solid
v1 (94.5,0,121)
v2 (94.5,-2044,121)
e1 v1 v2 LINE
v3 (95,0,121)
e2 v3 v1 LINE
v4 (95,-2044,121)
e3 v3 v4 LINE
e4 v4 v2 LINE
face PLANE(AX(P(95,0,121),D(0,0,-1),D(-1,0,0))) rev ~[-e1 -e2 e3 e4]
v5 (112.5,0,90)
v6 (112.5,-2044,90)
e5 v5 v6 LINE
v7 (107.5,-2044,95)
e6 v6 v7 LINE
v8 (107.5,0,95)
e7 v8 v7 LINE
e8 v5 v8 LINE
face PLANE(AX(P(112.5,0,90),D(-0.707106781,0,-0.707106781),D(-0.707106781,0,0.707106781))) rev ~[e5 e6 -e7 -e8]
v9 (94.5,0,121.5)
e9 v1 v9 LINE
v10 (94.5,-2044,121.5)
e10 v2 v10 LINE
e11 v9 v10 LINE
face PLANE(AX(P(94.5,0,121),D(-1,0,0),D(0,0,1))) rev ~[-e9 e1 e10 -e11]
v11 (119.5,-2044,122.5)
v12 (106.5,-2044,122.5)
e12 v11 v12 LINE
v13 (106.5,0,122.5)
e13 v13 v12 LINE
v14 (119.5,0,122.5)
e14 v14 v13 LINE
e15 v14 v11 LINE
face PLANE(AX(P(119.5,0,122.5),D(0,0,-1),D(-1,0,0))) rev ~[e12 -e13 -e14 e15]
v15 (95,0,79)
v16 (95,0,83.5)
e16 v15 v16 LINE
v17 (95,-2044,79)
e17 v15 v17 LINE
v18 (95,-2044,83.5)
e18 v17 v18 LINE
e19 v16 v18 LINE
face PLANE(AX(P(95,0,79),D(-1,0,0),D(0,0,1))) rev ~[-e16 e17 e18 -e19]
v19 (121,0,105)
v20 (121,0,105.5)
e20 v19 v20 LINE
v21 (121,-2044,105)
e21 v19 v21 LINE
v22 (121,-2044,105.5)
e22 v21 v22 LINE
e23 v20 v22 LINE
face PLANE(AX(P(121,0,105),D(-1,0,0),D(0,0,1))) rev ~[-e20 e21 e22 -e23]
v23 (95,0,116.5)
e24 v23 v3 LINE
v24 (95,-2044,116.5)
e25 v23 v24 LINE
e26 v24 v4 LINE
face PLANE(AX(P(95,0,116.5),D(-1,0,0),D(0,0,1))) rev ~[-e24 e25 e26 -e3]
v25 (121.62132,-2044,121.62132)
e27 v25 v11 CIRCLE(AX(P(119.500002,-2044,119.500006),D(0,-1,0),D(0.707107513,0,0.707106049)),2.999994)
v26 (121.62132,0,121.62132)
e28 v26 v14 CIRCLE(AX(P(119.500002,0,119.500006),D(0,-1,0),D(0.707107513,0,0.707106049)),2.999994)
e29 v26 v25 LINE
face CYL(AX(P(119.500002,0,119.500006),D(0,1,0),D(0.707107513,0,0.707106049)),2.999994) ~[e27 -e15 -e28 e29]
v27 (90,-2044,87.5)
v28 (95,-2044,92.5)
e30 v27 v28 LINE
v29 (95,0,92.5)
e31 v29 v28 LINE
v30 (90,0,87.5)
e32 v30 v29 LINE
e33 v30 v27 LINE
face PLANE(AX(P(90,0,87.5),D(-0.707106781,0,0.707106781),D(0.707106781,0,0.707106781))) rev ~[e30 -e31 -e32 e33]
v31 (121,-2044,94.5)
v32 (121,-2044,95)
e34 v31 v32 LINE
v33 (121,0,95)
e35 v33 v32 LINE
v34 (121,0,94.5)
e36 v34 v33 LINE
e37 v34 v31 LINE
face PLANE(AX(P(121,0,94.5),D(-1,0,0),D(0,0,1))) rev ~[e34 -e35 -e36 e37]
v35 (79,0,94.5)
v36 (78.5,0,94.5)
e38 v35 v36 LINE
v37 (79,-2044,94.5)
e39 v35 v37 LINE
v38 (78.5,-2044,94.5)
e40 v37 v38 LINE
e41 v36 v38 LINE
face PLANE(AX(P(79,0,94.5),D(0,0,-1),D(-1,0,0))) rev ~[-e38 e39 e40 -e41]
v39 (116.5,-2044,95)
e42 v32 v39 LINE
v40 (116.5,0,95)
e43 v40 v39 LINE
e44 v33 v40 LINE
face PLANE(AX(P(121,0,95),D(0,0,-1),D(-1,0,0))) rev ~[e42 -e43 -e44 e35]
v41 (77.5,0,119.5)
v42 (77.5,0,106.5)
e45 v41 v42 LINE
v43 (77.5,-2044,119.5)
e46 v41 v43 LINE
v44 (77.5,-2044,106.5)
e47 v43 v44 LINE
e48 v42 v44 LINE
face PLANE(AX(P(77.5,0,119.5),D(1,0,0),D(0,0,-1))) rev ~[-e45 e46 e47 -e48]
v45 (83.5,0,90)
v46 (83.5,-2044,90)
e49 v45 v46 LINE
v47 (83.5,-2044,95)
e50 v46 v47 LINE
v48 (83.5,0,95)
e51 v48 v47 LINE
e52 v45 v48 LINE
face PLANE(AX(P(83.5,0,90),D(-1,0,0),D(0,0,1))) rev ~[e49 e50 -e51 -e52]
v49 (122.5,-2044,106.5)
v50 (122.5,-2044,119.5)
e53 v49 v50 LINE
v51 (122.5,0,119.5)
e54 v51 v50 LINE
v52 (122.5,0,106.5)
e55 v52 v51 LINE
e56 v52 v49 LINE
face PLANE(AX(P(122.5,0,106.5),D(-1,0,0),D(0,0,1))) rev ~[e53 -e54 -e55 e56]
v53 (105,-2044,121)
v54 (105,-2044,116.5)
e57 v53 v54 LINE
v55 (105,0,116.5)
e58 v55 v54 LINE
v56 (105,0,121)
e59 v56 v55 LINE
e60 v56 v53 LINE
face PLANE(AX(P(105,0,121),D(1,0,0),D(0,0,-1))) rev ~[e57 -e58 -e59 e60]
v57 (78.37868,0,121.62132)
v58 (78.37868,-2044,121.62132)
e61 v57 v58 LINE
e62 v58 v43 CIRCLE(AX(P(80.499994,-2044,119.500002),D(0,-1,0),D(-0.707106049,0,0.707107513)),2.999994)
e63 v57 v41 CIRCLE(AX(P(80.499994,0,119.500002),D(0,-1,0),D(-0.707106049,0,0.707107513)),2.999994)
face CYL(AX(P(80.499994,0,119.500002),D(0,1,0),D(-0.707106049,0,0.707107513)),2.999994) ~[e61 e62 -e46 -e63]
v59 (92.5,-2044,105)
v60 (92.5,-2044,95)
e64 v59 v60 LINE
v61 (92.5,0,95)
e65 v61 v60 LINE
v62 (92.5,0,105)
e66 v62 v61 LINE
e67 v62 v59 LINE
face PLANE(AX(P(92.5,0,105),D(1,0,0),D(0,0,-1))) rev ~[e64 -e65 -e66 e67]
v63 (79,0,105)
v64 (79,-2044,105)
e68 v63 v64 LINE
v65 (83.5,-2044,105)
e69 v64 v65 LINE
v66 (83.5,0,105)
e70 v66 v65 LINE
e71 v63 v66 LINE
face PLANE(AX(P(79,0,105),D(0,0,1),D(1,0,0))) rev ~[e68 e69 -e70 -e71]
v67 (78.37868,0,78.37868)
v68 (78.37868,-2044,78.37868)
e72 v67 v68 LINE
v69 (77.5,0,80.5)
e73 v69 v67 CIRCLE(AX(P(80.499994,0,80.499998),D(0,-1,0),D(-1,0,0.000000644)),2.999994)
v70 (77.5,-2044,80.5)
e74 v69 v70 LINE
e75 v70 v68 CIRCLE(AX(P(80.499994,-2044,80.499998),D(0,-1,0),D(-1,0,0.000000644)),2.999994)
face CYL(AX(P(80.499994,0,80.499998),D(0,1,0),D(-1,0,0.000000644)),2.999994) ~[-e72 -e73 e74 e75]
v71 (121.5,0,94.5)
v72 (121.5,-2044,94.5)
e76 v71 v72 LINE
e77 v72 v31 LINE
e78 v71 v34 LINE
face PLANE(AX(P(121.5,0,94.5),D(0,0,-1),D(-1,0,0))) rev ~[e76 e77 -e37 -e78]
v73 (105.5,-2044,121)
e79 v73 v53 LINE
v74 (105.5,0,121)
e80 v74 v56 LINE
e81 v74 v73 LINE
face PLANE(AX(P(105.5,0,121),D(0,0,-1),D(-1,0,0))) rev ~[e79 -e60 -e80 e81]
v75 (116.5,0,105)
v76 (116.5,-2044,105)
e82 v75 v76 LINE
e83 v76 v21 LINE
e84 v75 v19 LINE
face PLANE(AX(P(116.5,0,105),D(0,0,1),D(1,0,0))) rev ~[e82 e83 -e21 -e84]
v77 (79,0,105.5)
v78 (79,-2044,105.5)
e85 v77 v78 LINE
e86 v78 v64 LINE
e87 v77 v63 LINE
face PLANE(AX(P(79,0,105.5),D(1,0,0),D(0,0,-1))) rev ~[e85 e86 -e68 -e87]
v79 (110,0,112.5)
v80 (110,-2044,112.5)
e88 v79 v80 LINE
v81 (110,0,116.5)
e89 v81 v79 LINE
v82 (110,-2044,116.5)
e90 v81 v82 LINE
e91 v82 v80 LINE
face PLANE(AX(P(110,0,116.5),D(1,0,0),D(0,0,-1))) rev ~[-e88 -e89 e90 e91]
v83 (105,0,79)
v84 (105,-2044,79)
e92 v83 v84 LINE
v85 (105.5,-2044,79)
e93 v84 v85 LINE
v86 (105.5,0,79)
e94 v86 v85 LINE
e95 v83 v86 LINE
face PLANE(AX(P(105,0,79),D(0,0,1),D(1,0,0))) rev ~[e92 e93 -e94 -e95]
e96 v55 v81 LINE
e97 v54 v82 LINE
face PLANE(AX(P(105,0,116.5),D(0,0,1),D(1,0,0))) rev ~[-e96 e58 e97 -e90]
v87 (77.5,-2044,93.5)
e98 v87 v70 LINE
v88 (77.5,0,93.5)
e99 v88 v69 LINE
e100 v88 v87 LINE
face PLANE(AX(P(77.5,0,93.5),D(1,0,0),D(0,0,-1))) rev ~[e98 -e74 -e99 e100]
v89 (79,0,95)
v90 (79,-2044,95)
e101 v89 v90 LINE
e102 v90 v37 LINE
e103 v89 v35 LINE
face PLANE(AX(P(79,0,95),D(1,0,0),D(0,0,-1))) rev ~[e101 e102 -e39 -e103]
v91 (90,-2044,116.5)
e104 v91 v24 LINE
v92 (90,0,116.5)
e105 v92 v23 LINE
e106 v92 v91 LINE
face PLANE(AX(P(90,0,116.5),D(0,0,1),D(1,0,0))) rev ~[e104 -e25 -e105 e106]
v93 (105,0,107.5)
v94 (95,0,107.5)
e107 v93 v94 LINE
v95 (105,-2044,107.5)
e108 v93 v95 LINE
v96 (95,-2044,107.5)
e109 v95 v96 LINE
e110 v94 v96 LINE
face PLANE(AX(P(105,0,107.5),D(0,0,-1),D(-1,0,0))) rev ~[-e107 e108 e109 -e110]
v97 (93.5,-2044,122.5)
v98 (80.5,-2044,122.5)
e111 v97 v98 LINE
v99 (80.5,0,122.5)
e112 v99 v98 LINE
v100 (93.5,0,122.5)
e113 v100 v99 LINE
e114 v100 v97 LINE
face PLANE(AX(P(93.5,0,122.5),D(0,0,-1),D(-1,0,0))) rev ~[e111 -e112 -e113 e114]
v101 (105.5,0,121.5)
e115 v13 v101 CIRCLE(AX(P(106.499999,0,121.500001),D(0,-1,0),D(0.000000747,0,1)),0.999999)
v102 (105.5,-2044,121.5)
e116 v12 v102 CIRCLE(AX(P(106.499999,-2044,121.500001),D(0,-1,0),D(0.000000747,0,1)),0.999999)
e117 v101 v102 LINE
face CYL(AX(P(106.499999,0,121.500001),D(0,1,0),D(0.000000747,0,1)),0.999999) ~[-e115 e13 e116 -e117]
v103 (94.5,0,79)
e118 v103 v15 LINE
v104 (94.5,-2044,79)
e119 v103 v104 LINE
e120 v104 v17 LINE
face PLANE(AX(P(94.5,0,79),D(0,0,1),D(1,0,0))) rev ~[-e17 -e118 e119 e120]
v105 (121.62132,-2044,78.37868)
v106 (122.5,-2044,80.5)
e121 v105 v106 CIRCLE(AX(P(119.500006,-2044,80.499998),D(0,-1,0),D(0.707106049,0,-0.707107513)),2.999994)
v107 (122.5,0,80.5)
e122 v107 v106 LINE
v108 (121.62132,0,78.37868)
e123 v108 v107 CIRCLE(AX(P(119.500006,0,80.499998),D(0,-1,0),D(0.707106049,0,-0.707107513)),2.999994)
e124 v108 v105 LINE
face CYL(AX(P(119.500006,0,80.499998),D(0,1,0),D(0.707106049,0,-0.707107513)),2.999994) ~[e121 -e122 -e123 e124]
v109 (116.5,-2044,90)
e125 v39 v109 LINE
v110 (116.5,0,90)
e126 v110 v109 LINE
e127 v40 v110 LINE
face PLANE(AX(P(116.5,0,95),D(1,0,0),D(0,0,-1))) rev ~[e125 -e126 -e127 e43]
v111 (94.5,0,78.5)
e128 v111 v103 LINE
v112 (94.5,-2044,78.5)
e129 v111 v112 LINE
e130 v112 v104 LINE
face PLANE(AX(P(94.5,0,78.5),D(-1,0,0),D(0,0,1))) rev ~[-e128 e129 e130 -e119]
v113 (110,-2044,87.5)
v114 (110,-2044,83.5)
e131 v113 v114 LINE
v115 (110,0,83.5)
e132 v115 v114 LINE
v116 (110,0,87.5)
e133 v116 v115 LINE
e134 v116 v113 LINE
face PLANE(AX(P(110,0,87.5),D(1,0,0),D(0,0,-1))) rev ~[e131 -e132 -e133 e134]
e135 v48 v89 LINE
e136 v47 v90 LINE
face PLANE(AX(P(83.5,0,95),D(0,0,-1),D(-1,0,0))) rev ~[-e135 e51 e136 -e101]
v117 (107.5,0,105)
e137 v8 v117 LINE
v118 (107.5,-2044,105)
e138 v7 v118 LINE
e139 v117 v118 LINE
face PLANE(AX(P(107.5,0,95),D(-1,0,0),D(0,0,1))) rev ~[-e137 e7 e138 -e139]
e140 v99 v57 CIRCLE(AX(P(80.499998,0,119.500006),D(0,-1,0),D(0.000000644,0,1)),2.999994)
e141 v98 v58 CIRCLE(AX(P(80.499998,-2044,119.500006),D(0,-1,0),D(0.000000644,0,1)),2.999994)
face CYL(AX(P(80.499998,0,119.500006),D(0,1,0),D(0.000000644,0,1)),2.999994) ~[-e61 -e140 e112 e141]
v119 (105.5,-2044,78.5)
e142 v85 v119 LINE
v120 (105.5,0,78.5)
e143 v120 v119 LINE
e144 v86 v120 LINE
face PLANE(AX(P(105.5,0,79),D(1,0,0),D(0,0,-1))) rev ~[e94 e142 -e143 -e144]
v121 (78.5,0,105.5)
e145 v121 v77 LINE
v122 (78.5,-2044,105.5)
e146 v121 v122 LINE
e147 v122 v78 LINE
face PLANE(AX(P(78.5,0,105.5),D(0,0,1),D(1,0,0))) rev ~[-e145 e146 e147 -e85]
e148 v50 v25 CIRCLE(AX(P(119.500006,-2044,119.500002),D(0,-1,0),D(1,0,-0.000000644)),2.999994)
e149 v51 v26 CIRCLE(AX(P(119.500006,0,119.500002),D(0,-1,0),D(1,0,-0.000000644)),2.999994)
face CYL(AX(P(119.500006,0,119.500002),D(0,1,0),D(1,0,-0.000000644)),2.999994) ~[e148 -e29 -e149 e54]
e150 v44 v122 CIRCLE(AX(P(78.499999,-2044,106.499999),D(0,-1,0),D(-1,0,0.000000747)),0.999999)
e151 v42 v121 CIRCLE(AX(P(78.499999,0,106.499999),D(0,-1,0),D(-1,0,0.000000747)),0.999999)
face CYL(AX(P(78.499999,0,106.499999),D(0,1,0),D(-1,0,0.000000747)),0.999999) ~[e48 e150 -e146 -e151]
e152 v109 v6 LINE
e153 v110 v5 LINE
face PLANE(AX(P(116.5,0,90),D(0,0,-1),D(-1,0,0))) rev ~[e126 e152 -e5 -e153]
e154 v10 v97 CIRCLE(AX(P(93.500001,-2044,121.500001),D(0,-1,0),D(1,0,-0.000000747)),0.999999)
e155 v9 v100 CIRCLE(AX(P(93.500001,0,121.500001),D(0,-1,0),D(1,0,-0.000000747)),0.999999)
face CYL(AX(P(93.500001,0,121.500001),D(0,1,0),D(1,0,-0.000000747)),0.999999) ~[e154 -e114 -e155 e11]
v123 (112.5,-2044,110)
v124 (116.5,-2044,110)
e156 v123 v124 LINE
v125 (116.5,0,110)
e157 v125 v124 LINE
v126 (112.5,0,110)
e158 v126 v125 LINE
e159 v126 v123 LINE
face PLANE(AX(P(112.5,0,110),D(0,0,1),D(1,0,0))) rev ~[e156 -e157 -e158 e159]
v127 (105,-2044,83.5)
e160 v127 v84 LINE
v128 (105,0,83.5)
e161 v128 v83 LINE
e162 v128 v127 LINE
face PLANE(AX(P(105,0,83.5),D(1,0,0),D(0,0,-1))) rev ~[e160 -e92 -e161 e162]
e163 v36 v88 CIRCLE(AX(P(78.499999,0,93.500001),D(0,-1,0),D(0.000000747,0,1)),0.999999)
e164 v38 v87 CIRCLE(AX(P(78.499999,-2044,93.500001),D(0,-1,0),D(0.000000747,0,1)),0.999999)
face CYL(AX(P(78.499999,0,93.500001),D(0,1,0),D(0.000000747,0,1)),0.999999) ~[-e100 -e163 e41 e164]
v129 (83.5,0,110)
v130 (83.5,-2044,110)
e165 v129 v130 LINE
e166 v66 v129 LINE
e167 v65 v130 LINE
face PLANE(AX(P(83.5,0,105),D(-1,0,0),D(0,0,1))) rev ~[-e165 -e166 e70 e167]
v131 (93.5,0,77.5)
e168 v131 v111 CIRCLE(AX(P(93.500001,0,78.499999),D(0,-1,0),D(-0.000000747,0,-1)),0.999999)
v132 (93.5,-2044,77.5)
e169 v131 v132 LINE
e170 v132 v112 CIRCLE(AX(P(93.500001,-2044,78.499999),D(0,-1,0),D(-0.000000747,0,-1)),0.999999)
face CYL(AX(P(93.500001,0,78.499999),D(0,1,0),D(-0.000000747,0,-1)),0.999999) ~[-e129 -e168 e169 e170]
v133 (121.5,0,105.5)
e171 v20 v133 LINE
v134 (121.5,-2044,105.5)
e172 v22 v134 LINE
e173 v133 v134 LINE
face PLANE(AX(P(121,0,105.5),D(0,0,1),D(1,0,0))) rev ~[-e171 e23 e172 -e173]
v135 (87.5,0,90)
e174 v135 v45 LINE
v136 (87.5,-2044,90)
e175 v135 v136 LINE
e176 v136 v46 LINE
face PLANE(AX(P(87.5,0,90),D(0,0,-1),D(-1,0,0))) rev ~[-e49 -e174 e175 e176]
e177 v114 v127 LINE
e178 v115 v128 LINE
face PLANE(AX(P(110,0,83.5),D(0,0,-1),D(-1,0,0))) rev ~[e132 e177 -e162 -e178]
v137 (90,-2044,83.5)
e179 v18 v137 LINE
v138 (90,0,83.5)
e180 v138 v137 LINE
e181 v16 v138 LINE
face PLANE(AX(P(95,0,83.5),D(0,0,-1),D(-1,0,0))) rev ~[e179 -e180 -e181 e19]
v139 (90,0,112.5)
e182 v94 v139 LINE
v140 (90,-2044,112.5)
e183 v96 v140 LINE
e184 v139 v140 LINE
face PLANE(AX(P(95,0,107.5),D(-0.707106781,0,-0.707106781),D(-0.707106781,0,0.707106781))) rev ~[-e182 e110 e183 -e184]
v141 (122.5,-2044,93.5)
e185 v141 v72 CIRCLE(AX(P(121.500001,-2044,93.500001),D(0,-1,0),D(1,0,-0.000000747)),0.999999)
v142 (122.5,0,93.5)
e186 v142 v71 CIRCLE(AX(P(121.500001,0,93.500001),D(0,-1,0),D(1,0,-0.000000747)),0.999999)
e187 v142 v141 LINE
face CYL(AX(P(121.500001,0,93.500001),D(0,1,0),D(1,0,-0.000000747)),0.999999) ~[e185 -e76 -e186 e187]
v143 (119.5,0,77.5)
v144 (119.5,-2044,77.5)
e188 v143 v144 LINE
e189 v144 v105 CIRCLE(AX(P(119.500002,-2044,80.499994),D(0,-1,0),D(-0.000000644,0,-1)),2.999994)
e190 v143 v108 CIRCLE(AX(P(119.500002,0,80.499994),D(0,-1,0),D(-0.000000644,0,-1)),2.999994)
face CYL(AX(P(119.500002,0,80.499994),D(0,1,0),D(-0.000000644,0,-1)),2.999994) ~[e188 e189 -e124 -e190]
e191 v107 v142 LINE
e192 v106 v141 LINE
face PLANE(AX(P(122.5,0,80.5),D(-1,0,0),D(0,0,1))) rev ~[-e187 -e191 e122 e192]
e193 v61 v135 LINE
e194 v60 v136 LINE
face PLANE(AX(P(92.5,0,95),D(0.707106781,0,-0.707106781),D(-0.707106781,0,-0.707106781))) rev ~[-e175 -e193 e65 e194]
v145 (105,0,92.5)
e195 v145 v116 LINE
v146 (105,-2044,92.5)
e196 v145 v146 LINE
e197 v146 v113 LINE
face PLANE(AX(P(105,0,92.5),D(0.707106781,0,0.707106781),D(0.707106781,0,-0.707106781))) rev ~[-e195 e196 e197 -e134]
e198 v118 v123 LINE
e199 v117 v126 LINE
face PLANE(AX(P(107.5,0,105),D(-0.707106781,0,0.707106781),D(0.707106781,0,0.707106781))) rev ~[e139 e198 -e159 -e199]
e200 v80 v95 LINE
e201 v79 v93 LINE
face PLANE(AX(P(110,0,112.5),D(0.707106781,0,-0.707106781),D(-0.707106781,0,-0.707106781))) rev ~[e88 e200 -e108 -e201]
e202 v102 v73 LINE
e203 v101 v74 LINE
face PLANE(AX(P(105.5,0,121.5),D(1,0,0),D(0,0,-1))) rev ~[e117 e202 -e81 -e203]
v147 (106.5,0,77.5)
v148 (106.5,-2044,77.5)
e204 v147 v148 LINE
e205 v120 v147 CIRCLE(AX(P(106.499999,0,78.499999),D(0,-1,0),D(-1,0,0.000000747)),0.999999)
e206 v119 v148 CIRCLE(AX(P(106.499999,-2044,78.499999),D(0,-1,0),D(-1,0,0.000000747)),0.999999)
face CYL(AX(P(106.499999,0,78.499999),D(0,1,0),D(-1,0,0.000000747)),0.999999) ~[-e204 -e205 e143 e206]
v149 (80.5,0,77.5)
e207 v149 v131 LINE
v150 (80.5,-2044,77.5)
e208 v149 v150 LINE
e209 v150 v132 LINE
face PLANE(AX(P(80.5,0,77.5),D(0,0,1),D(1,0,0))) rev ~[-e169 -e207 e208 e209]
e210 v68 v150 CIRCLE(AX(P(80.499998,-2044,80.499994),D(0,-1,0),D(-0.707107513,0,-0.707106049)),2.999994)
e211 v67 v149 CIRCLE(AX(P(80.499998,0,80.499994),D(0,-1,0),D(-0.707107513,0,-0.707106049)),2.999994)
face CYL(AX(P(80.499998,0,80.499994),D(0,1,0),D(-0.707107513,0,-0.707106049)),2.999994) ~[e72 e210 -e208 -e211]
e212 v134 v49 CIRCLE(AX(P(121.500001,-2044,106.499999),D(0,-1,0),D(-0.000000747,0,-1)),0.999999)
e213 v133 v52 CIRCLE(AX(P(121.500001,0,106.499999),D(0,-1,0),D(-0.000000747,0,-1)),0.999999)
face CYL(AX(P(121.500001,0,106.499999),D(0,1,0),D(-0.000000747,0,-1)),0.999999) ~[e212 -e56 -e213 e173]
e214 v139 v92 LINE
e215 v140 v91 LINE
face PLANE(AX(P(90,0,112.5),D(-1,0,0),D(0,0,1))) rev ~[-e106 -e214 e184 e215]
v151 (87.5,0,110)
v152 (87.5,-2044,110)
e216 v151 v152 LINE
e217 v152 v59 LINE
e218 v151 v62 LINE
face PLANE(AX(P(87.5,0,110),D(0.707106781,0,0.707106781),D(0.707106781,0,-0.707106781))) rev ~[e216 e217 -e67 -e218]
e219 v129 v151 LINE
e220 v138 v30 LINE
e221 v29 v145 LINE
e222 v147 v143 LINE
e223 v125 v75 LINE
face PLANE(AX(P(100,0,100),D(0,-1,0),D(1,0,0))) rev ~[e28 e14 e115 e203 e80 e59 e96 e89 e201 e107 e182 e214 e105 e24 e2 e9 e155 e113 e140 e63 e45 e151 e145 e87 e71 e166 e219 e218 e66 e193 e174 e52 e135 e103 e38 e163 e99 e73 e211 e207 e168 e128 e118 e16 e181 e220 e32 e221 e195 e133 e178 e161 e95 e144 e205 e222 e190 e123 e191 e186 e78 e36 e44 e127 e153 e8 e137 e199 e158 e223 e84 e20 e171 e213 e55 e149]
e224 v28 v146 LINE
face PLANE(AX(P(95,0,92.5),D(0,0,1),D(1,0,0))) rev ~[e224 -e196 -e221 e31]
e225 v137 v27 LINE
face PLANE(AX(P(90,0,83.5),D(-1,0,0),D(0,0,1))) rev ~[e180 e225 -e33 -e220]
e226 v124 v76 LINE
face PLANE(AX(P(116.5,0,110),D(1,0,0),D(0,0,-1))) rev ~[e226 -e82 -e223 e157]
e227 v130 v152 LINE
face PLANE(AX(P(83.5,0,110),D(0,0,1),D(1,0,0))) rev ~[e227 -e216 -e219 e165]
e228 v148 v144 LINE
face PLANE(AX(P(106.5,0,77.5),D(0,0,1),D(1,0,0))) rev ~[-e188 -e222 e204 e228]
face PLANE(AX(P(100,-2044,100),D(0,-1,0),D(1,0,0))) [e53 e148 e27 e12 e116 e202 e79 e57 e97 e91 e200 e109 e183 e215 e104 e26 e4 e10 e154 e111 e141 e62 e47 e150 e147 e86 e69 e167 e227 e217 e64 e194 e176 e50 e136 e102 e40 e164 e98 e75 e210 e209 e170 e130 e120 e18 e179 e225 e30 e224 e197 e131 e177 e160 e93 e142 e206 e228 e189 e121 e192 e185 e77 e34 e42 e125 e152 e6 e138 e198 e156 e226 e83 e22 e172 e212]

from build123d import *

# Parameters (mm, degrees)
F1_DEPTH = 2044


with BuildPart() as f1:
    # F0 (on Front) → F1 (new body)
    with BuildSketch(Plane.XZ):
        with BuildLine():
            Line((93.5, 122.5), (80.5, 122.5))
            ThreePointArc((80.5, 122.5), (79.35195, 122.271639), (78.37868, 121.62132))
            ThreePointArc((78.37868, 121.62132), (77.728361, 120.64805), (77.5, 119.5))
            Line((77.5, 119.5), (77.5, 106.5))
            ThreePointArc((77.5, 106.5), (77.792893, 105.792893), (78.5, 105.5))
            Line((78.5, 105.5), (79, 105.5))
            Line((79, 105.5), (79, 105))
            Line((79, 105), (83.5, 105))
            Line((83.5, 105), (83.5, 110))
            Line((83.5, 110), (87.5, 110))
            Line((87.5, 110), (92.5, 105))
            Line((92.5, 105), (92.5, 100))
            Line((92.5, 100), (92.5, 95))
            Line((92.5, 95), (87.5, 90))
            Line((87.5, 90), (83.5, 90))
            Line((83.5, 90), (83.5, 95))
            Line((83.5, 95), (79, 95))
            Line((79, 95), (79, 94.5))
            Line((79, 94.5), (78.5, 94.5))
            ThreePointArc((78.5, 94.5), (77.792893, 94.207107), (77.5, 93.5))
            Line((77.5, 93.5), (77.5, 80.5))
            ThreePointArc((77.5, 80.5), (77.728361, 79.35195), (78.37868, 78.37868))
            ThreePointArc((78.37868, 78.37868), (79.35195, 77.728361), (80.5, 77.5))
            Line((80.5, 77.5), (93.5, 77.5))
            ThreePointArc((93.5, 77.5), (94.207107, 77.792893), (94.5, 78.5))
            Line((94.5, 78.5), (94.5, 79))
            Line((94.5, 79), (95, 79))
            Line((95, 79), (95, 83.5))
            Line((95, 83.5), (90, 83.5))
            Line((90, 83.5), (90, 87.5))
            Line((90, 87.5), (95, 92.5))
            Line((95, 92.5), (100, 92.5))
            Line((100, 92.5), (105, 92.5))
            Line((105, 92.5), (110, 87.5))
            Line((110, 87.5), (110, 83.5))
            Line((110, 83.5), (105, 83.5))
            Line((105, 83.5), (105, 79))
            Line((105, 79), (105.5, 79))
            Line((105.5, 79), (105.5, 78.5))
            ThreePointArc((105.5, 78.5), (105.792893, 77.792893), (106.5, 77.5))
            Line((106.5, 77.5), (119.5, 77.5))
            ThreePointArc((119.5, 77.5), (120.64805, 77.728361), (121.62132, 78.37868))
            ThreePointArc((121.62132, 78.37868), (122.271639, 79.35195), (122.5, 80.5))
            Line((122.5, 80.5), (122.5, 93.5))
            ThreePointArc((122.5, 93.5), (122.207107, 94.207107), (121.5, 94.5))
            Line((121.5, 94.5), (121, 94.5))
            Line((121, 94.5), (121, 95))
            Line((121, 95), (116.5, 95))
            Line((116.5, 95), (116.5, 90))
            Line((116.5, 90), (112.5, 90))
            Line((112.5, 90), (107.5, 95))
            Line((107.5, 95), (107.5, 100))
            Line((107.5, 100), (107.5, 105))
            Line((107.5, 105), (112.5, 110))
            Line((112.5, 110), (116.5, 110))
            Line((116.5, 110), (116.5, 105))
            Line((116.5, 105), (121, 105))
            Line((121, 105), (121, 105.5))
            Line((121, 105.5), (121.5, 105.5))
            ThreePointArc((121.5, 105.5), (122.207107, 105.792893), (122.5, 106.5))
            Line((122.5, 106.5), (122.5, 119.5))
            ThreePointArc((122.5, 119.5), (122.271639, 120.64805), (121.62132, 121.62132))
            ThreePointArc((121.62132, 121.62132), (120.64805, 122.271639), (119.5, 122.5))
            Line((119.5, 122.5), (106.5, 122.5))
            ThreePointArc((106.5, 122.5), (105.792893, 122.207107), (105.5, 121.5))
            Line((105.5, 121.5), (105.5, 121))
            Line((105.5, 121), (105, 121))
            Line((105, 121), (105, 116.5))
            Line((105, 116.5), (110, 116.5))
            Line((110, 116.5), (110, 112.5))
            Line((110, 112.5), (105, 107.5))
            Line((105, 107.5), (100, 107.5))
            Line((100, 107.5), (95, 107.5))
            Line((95, 107.5), (90, 112.5))
            Line((90, 112.5), (90, 116.5))
            Line((90, 116.5), (95, 116.5))
            Line((95, 116.5), (95, 121))
            Line((95, 121), (94.5, 121))
            Line((94.5, 121), (94.5, 121.5))
            ThreePointArc((94.5, 121.5), (94.207107, 122.207107), (93.5, 122.5))
        make_face()
    extrude(amount=F1_DEPTH)


solid = f1.part
